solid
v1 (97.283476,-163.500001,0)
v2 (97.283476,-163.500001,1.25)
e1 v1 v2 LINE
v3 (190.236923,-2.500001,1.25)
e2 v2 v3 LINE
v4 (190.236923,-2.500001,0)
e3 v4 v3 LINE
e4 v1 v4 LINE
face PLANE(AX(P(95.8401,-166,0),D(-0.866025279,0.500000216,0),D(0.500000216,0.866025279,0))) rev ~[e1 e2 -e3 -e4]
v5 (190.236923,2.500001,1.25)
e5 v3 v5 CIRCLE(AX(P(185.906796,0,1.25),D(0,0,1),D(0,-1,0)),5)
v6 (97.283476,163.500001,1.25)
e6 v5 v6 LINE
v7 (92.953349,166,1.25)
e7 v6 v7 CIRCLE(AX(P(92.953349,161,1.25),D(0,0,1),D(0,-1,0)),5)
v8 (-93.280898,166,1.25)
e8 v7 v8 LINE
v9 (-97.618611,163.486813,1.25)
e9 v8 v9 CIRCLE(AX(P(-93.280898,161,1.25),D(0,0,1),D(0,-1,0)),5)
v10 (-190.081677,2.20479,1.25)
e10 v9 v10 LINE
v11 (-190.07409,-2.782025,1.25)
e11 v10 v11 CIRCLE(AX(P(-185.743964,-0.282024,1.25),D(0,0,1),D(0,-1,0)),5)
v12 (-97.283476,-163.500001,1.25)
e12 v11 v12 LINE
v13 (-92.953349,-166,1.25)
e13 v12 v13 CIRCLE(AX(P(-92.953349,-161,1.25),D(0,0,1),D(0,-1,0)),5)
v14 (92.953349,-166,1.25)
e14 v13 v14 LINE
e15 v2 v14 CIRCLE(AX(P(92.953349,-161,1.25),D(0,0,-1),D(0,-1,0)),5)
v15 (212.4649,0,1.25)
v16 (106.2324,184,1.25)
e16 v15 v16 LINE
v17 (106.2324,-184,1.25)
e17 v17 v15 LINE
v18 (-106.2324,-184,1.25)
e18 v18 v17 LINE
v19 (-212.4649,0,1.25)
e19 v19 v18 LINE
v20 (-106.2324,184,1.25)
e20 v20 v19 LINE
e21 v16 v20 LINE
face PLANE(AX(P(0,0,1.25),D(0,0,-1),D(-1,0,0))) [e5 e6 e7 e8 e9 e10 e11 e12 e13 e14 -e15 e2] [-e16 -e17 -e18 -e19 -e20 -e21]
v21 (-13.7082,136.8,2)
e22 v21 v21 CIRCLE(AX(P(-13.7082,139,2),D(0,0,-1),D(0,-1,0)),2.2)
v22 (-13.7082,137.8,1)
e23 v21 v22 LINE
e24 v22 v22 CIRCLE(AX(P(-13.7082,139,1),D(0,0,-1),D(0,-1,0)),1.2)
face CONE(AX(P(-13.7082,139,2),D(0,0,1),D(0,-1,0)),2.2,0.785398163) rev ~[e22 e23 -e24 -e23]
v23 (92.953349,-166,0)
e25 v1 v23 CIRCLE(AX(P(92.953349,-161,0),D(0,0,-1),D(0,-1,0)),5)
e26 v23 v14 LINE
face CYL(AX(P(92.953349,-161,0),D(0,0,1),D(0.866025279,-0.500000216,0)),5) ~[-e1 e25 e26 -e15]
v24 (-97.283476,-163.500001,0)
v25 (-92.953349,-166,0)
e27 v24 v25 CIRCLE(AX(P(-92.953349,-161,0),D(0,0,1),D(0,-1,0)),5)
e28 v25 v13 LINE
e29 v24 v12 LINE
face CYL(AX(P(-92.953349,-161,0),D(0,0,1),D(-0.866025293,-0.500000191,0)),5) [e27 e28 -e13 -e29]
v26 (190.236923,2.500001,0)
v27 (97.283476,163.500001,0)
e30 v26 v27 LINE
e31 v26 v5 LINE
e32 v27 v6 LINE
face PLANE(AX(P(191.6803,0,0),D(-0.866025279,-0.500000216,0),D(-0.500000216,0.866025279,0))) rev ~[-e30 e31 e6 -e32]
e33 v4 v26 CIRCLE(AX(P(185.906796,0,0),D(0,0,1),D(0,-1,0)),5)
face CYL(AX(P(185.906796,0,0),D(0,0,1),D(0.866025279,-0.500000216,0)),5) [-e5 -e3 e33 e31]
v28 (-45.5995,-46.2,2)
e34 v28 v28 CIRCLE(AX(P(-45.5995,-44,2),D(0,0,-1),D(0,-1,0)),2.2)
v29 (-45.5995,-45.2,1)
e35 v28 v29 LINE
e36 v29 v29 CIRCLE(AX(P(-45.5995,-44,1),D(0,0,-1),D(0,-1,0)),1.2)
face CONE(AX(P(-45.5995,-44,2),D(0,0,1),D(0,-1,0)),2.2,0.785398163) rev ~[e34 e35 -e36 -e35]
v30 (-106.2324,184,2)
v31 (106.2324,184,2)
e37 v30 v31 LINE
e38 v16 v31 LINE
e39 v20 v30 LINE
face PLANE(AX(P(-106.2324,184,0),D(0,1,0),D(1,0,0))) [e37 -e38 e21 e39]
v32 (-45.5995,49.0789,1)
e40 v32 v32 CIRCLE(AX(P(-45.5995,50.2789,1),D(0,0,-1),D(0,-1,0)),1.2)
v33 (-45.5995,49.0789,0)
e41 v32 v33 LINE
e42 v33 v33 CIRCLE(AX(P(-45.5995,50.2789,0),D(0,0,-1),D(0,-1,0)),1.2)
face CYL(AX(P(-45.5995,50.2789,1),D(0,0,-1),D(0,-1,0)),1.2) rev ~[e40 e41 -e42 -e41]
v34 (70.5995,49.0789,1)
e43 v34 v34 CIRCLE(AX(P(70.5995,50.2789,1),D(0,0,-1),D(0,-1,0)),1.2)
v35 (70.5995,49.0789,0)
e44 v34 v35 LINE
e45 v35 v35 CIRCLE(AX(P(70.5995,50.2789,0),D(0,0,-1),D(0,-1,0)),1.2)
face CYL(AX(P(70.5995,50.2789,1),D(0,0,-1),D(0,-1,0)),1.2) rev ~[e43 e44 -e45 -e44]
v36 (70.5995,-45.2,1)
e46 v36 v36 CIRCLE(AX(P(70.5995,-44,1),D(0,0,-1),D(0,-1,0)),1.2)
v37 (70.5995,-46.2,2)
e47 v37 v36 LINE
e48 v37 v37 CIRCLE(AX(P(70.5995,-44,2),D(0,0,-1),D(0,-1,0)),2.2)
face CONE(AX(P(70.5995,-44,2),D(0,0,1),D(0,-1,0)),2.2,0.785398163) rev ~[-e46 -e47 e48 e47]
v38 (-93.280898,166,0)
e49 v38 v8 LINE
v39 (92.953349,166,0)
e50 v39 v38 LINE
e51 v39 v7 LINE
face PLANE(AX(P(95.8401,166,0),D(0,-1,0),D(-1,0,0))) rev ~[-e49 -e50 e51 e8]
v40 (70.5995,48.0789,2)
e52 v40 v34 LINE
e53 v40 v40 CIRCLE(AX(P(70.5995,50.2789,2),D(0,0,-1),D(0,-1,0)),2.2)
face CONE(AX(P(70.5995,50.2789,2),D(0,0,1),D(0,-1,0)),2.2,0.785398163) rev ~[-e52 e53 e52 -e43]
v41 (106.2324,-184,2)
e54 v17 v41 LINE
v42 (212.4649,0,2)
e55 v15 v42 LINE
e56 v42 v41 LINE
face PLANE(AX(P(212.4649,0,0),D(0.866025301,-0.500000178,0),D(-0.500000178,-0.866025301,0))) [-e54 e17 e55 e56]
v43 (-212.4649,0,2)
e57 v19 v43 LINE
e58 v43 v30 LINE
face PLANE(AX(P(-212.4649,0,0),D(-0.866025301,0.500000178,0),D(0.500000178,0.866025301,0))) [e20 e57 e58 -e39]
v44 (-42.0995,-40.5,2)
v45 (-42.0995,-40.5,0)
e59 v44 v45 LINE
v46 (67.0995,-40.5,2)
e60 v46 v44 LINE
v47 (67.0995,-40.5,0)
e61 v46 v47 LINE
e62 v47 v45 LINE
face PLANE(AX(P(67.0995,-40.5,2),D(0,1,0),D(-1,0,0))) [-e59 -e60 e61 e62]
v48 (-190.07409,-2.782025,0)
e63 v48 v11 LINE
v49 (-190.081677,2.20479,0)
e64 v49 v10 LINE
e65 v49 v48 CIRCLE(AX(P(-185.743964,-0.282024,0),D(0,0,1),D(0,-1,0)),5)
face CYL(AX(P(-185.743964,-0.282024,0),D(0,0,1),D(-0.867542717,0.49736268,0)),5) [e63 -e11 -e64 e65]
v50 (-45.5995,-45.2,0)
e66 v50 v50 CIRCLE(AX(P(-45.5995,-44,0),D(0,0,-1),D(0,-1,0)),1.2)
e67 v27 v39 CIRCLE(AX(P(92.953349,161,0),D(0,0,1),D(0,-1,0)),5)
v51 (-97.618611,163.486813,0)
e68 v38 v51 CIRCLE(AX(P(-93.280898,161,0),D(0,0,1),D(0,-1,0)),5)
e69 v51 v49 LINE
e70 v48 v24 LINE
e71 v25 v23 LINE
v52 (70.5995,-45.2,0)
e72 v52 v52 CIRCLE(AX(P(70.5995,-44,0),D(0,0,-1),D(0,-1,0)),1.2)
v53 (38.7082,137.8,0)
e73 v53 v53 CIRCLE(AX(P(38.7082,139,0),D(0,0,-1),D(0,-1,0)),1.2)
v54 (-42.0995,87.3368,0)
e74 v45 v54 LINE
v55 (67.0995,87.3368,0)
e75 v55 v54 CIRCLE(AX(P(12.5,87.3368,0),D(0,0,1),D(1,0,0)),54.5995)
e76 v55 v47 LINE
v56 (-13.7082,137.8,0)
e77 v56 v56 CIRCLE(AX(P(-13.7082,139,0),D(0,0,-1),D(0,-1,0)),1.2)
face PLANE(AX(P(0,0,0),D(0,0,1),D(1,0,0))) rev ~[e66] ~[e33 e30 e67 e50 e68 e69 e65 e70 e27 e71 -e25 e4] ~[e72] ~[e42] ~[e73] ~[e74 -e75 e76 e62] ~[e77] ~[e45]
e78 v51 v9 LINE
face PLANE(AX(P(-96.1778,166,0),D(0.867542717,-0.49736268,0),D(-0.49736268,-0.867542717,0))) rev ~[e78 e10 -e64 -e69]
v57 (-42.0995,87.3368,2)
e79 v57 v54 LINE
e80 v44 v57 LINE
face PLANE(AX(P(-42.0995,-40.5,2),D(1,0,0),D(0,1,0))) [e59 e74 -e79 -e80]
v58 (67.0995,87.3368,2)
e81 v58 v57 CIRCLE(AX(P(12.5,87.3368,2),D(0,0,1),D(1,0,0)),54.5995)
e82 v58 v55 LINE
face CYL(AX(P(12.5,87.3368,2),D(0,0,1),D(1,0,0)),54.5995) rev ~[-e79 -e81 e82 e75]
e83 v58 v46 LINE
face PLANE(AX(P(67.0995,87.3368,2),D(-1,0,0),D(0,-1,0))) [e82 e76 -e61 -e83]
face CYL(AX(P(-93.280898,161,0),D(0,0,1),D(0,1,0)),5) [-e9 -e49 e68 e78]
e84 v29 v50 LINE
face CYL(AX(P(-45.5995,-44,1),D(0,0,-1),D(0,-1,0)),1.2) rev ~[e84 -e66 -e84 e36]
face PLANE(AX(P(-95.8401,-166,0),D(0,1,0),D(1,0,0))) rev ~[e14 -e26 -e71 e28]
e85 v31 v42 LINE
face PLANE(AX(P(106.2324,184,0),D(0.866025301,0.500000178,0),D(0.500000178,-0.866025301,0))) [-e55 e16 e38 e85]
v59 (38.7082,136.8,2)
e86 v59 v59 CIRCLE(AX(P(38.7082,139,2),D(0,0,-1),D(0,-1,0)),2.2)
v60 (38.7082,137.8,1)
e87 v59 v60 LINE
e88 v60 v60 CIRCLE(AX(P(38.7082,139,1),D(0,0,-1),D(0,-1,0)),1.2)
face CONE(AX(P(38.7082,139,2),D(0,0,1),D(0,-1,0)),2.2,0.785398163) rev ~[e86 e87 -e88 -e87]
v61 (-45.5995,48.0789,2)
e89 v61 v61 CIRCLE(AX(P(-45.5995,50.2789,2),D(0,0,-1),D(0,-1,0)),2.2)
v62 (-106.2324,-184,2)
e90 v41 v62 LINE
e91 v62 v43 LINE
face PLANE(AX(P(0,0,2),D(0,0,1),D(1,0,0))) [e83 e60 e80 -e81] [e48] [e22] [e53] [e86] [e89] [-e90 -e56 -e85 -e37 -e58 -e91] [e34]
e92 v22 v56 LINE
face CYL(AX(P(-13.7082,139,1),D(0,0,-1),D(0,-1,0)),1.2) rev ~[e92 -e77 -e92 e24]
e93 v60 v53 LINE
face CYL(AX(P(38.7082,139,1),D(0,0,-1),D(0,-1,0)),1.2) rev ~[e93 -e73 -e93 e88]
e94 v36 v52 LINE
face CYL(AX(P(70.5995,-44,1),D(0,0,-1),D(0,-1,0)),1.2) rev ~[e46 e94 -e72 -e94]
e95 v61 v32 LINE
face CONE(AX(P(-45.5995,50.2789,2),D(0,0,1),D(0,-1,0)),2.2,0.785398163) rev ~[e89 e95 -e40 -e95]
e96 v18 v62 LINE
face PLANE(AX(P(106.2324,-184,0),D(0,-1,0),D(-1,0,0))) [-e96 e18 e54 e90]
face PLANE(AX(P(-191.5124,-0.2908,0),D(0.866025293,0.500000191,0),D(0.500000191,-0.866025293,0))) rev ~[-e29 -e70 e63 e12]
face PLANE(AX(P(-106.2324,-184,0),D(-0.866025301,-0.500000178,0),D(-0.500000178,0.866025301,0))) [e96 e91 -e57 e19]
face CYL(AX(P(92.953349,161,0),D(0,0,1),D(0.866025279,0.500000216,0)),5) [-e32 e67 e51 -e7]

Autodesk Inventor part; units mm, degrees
ref_plane "YZ Plane" through (0, 0, 0) normal (1, 0, 0) x (0, 1, 0)
ref_plane "XZ Plane" through (0, 0, 0) normal (0, 1, 0) x (-1, 0, 0)
ref_plane "XY Plane" through (0, 0, 0) normal (0, 0, 1) x (1, 0, 0)
sketch "Sketch1" plane through (0, 0, 0) normal (0, 0, 1) x (1, 0, 0)
  line L0 (212.4649, 0) -> (106.2324, -184)
  line L1 (106.2324, -184) -> (-106.2324, -184)
  line L2 (-106.2324, -184) -> (-212.4649, 0)
  line L3 (-212.4649, 0) -> (-106.2324, 184)
  line L4 (-106.2324, 184) -> (106.2324, 184)
  line L5 (106.2324, 184) -> (212.4649, 0)
  point P0 (0, 0)
  point P1 (0, 0)
  dimension "d0" = 368
extrude "Extrusion1" add sketch "Sketch1" along normal blind 2
sketch "Sketch7" plane through (0, 0, 0) normal (0, 0, -1) x (-1, 0, 0)
  line L0 (-66.5995, 87.3368) -> (-66.5995, -40)
  line L1 (41.5995, 87.3368) -> (41.5995, -40)
  line L2 (-66.5995, -40) -> (41.5995, -40)
  arc A0 (41.5995, 87.3368) -> (-66.5995, 87.3368) centre (-12.5, 87.3368) ccw
  point P0 (0, 0)
extrude "Extrusion5" cut sketch "Sketch7" against normal blind 10
sketch "Sketch8" plane through (0, 0, 0) normal (0, 0, -1) x (-1, 0, 0)
  line L0 (-191.6803, 0) -> (-95.8401, 166)
  line L1 (-95.8401, 166) -> (96.1778, 166)
  line L2 (96.1778, 166) -> (191.5124, -0.2908)
  line L3 (191.5124, -0.2908) -> (95.8401, -166)
  line L4 (95.8401, -166) -> (-95.8401, -166)
  line L5 (-95.8401, -166) -> (-191.6803, 0)
  line L6 (-106.2324, -184) -> (-212.4649, 0) projected
  line L7 (-106.2324, -184) -> (-212.4649, 0)
  line L8 (106.2324, -184) -> (-106.2324, -184) projected
  line L9 (-106.2324, -184) -> (106.2324, -184)
  line L10 (212.4649, 0) -> (106.2324, -184) projected
  line L11 (106.2324, -184) -> (212.2788, -0.3224)
  line L12 (106.2324, 184) -> (212.4649, 0) projected
  line L13 (212.2788, -0.3224) -> (106.6066, 184)
  line L14 (-106.2324, 184) -> (106.2324, 184) projected
  line L15 (-106.2324, 184) -> (297.9127, 184)
  line L16 (-212.4649, 0) -> (-106.2324, 184) projected
  line L17 (-212.4649, 0) -> (-106.2324, 184)
  line L18 (-106.2324, 184) -> (106.2324, 184) projected
  point P0 (0, 0)
  dimension "d25" = 18
  dimension "d26" = 18
  dimension "d27" = 18
  dimension "d28" = 18
  dimension "d29" = 18
  dimension "d30" = 18
extrude "Extrusion6" cut sketch "Sketch8" against normal blind 1.25 contours L6 L16 L14 L12 L13 L10 L8 | L13 L12 L10
fillet "Fillet1" radius 5 6 edges at (-96.1778, 166, 0.625) (-191.5124, -0.2908, 0.625) (-95.8401, -166, 0.625) (95.8401, -166, 0.625) (191.6803, 0, 0.625) (95.8401, 166, 0.625)
sketch "Sketch10" plane through (0, 0, 0) normal (0, 0, -1) x (-1, 0, 0)
  circle A0 centre (13.7082, 139) radius 0.7835 projected
  circle A1 centre (45.5995, 50.2789) radius 0.7835 projected
  circle A2 centre (45.5995, -44) radius 0.7835 projected
  circle A3 centre (-70.5995, -44) radius 0.7835 projected
  circle A4 centre (-70.5995, 50.2789) radius 0.7835 projected
  circle A5 centre (-38.7082, 139) radius 0.7835 projected
  point P0 (0, 0)
extrude "Extrusion8" cut sketch "Sketch10" against normal blind 10
sketch "Sketch11" plane through (0, 0, 0) normal (0, 0, -1) x (-1, 0, 0)
  point P0 (0, 0)
sketch "Sketch12" plane through (0, 0, 2) normal (0, 0, 1) x (1, 0, 0)
  arc A0 (66.5995, 87.3368) -> (-41.5995, 87.3368) centre (12.5, 87.3368) ccw projected
  line L0 (-41.5995, -40) -> (-41.5995, 87.3368) projected
  line L1 (66.5995, 87.3368) -> (66.5995, -40) projected
  line L2 (66.5995, -40) -> (-41.5995, -40) projected
  arc A1 (67.0995, 87.3368) -> (-42.0995, 87.3368) centre (12.5, 87.3368) ccw
  line L3 (67.0995, 87.3368) -> (67.0995, -40.5)
  line L4 (67.0995, -40.5) -> (-42.0995, -40.5)
  line L5 (-42.0995, -40.5) -> (-42.0995, 87.3368)
  point P0 (0, 0)
  dimension "d35" = 0.5
extrude "Extrusion9" cut sketch "Sketch12" against normal blind 10 contours L1 L2 L0 A0 | L3 L4 L5 A1
sketch "Sketch13" plane through (0, 0, 2) normal (0, 0, 1) x (1, 0, 0)
  circle A0 centre (-13.7082, 139) radius 0.7835 projected
  circle A1 centre (38.7082, 139) radius 0.7835 projected
  circle A2 centre (70.5995, 50.2789) radius 0.7835 projected
  circle A3 centre (-45.5995, 50.2789) radius 0.7835 projected
  circle A4 centre (70.5995, -44) radius 0.7835 projected
  circle A5 centre (-45.5995, -44) radius 0.7835 projected
  point P0 (0, 0)
hole "Hole1" at (-45.5995, -44, 2) at (70.5995, -44, 2) at (70.5995, 50.2789, 2) at (-13.7082, 139, 2) at (38.7082, 139, 2) at (-45.5995, 50.2789, 2) direction (0, 0, -1) diameter 2.4 depth 3 tip angle 118 countersink diameter 4.4 countersink angle 90 clearance for "Countersunk Flat Head Screw ISO 2009/7046" size "M2" standard "ISO"
equation "\"d26\" = d25"
equation "\"d27\" = d25"
equation "\"d28\" = d25"
equation "\"d29\" = d25"
equation "\"d30\" = d25"
properties part number "AEON.AluminiumFrame"
